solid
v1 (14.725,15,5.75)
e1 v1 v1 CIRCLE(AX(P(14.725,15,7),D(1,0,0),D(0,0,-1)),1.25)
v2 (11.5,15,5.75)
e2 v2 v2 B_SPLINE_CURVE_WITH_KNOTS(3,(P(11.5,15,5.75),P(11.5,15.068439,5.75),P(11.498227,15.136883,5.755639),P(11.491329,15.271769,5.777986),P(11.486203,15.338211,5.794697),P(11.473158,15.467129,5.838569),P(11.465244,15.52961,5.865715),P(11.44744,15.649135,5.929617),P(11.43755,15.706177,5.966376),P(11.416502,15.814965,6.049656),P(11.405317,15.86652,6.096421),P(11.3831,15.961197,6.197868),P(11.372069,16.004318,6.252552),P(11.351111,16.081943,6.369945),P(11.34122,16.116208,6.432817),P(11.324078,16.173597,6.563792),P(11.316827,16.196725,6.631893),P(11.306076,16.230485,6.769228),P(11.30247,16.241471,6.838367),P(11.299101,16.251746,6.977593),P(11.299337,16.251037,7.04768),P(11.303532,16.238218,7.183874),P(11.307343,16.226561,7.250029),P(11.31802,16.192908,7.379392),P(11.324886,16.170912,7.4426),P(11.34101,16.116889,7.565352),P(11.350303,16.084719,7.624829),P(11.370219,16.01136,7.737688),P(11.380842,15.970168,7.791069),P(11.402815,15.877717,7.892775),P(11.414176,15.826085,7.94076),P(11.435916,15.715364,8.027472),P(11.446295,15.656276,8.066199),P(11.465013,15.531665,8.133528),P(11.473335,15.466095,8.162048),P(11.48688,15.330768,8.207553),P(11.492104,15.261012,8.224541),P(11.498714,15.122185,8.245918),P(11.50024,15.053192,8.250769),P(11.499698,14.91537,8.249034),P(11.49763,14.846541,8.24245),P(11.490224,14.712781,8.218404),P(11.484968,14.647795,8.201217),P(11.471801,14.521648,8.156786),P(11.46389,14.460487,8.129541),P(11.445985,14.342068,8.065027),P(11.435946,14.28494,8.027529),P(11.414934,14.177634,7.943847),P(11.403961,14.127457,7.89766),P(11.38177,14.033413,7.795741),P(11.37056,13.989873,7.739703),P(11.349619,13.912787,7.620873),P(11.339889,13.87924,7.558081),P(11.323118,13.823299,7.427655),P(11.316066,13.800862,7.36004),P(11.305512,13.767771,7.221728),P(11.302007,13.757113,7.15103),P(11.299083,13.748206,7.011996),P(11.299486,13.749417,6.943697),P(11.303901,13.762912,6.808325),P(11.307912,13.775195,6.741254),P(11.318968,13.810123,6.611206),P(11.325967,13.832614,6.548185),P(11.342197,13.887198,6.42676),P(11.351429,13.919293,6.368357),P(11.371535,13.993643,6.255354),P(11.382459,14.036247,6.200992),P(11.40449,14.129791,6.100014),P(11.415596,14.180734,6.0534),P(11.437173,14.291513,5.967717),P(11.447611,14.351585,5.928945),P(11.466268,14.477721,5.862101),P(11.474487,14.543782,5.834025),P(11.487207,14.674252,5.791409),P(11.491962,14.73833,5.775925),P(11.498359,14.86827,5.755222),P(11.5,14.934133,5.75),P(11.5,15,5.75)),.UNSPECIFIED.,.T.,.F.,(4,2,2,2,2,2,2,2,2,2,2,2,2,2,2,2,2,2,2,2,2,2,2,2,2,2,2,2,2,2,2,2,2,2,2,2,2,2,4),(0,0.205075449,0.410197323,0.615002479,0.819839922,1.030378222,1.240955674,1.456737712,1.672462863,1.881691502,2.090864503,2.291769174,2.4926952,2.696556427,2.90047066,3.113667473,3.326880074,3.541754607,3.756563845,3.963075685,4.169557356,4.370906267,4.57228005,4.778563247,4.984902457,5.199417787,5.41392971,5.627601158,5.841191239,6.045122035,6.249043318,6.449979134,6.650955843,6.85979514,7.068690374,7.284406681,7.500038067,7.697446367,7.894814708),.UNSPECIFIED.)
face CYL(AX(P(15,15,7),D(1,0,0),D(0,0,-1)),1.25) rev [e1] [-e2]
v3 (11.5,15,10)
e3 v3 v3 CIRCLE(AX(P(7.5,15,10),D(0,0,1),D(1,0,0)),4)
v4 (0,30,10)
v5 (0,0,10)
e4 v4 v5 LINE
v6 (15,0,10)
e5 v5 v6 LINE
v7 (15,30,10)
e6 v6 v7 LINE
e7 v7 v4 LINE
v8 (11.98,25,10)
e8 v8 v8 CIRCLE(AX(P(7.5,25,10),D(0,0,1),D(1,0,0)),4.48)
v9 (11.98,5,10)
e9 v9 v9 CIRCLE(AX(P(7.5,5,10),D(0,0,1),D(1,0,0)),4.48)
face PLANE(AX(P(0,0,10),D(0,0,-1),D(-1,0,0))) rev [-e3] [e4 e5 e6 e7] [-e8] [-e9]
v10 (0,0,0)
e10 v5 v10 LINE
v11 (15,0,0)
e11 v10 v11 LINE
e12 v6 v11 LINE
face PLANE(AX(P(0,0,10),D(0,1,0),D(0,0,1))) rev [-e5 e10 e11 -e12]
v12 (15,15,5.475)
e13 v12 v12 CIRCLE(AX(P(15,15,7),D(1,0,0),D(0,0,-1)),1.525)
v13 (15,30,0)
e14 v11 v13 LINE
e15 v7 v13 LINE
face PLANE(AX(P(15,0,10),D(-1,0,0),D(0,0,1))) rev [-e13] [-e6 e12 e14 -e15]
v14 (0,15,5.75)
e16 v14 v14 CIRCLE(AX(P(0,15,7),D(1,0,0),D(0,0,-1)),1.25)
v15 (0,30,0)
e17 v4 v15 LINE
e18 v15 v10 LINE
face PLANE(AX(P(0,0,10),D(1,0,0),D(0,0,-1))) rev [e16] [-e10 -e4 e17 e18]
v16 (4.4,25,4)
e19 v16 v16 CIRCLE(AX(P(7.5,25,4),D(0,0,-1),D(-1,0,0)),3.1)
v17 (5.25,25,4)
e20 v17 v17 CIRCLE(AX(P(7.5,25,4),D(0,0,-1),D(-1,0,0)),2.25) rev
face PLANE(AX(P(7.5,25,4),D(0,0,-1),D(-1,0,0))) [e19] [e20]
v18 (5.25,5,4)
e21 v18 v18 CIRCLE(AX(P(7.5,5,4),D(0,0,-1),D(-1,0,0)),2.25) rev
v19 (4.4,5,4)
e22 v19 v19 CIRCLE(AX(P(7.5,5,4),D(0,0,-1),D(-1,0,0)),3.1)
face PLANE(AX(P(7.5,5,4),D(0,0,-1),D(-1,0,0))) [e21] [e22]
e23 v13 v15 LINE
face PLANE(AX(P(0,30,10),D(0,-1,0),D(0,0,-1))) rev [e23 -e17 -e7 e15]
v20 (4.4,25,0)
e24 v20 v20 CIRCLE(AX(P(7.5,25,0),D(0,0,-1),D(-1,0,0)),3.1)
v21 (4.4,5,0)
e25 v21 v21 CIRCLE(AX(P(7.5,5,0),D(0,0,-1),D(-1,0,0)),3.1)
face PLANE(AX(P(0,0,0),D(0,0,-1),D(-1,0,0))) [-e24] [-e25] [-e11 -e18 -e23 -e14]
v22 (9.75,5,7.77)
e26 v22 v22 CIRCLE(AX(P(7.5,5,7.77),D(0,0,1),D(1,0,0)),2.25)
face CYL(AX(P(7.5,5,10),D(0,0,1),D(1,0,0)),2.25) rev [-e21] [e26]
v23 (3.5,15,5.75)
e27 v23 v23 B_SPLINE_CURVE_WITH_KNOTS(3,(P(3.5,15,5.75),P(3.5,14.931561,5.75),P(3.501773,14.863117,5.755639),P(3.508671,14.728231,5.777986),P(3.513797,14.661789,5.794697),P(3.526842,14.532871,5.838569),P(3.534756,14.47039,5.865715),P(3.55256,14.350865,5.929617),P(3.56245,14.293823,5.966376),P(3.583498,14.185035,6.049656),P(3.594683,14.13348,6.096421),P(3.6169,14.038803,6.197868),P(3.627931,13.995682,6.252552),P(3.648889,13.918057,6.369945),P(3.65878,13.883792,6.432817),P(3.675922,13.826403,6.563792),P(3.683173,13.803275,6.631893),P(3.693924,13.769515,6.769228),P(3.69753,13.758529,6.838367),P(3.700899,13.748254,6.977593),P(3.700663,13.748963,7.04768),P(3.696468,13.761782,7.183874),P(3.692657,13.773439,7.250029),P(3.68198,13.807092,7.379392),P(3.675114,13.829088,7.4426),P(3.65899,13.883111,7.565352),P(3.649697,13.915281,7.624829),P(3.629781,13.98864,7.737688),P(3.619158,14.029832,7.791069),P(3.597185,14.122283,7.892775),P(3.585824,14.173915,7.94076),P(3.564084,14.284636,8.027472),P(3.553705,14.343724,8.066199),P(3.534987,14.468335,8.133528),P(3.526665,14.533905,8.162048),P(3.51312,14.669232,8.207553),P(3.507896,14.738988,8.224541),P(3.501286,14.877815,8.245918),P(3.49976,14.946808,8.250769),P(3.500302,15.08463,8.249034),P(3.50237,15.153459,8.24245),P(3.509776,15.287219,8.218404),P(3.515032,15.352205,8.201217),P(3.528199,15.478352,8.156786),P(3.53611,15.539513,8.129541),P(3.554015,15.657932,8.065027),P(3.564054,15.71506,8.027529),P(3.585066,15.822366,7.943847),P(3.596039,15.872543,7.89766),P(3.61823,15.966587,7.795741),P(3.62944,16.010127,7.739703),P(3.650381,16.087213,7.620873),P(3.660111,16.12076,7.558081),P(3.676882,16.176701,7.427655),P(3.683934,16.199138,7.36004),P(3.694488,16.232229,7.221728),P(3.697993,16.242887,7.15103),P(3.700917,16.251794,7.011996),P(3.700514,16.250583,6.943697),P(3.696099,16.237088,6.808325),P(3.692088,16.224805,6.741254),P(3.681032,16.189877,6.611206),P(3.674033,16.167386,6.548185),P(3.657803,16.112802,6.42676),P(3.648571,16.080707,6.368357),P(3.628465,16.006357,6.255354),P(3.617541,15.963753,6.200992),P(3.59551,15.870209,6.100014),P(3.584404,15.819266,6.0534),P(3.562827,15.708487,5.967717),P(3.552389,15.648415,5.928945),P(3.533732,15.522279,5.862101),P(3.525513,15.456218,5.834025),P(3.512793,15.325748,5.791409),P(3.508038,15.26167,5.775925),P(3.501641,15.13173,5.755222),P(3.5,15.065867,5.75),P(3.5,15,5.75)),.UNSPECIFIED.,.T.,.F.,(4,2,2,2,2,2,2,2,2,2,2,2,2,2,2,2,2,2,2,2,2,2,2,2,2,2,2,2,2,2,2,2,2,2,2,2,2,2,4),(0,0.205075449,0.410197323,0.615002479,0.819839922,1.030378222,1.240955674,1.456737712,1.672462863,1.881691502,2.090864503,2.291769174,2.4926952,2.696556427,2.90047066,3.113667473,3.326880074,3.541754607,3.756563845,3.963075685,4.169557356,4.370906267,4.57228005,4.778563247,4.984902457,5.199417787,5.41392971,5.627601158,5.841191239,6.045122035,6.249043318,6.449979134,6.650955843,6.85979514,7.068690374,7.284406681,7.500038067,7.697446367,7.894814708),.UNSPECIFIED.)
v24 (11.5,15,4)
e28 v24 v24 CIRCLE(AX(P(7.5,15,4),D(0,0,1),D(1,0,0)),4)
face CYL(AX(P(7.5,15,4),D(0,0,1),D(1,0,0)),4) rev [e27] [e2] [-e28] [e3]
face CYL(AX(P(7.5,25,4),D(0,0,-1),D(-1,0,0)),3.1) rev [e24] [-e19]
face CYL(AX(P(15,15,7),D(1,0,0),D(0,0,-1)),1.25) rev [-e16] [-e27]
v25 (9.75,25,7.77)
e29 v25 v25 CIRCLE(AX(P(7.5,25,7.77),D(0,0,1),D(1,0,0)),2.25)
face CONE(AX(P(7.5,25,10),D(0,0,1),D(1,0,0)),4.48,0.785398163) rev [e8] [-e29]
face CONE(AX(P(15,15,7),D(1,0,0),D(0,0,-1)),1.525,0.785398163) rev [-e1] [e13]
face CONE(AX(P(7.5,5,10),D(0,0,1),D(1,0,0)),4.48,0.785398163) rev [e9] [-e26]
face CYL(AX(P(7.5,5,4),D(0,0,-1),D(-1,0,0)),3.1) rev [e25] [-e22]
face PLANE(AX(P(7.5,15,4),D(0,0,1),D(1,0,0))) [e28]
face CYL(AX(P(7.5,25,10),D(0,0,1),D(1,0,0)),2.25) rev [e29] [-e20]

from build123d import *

# Parameters (mm, degrees)
SKIZZE1_W                             = 15
SKIZZE1_H                             = 30
AUFSATZ_LINEAR_AUSTRAGEN1_DEPTH       = 10
FORMSENKUNG_F_R_M4_SFHCS1_D           = 4.5
FORMSENKUNG_F_R_M4_SFHCS1_CSINK_D     = 8.96
FORMSENKUNG_F_R_M4_SFHCS1_CSINK_ANGLE = 90
SKIZZE4_R                             = 3.1
SCHNITT_LINEAR_AUSTRAGEN1_DEPTH       = 4
SKIZZE7_R                             = 4
SCHNITT_LINEAR_AUSTRAGEN2_DEPTH       = 6
M3X0_5_GEWINDEBOHRUNG1_D              = 2.5
M3X0_5_GEWINDEBOHRUNG1_CSINK_D        = 3.05
M3X0_5_GEWINDEBOHRUNG1_CSINK_ANGLE    = 90


with BuildPart() as part:
    # Skizze1 → Aufsatz-Linear austragen1 (new body)
    with BuildSketch(Plane.XY):
        with Locations((7.5, 15)):
            Rectangle(SKIZZE1_W, SKIZZE1_H)
    extrude(amount=AUFSATZ_LINEAR_AUSTRAGEN1_DEPTH)

    # Formsenkung für M4 SFHCS1 (through all)
    with Locations(Plane.XY.offset(10)):
        with Locations((7.5, 25), (7.5, 5)):
            CounterSinkHole(FORMSENKUNG_F_R_M4_SFHCS1_D / 2, FORMSENKUNG_F_R_M4_SFHCS1_CSINK_D / 2, counter_sink_angle=FORMSENKUNG_F_R_M4_SFHCS1_CSINK_ANGLE)

    # Skizze4 → Schnitt-Linear austragen1 (cut)
    with BuildSketch(Plane(origin=(0, 0, 0), x_dir=(-1, 0, 0), z_dir=(0, 0, -1))):
        with Locations((-7.5, 25)):
            Circle(SKIZZE4_R)
        with Locations((-7.5, 5)):
            Circle(SKIZZE4_R)
    extrude(amount=-SCHNITT_LINEAR_AUSTRAGEN1_DEPTH, mode=Mode.SUBTRACT)

    # Skizze7 → Schnitt-Linear austragen2 (cut)
    with BuildSketch(Plane.XY.offset(10)):
        with Locations((7.5, 15)):
            Circle(SKIZZE7_R)
    extrude(amount=-SCHNITT_LINEAR_AUSTRAGEN2_DEPTH, mode=Mode.SUBTRACT)

    # M3x0.5 Gewindebohrung1 (through all)
    with Locations(Plane(origin=(15, 0, 0), x_dir=(0, 0, -1), z_dir=(1, 0, 0))):
        with Locations((-7, 15)):
            CounterSinkHole(M3X0_5_GEWINDEBOHRUNG1_D / 2, M3X0_5_GEWINDEBOHRUNG1_CSINK_D / 2, counter_sink_angle=M3X0_5_GEWINDEBOHRUNG1_CSINK_ANGLE)


solid = part.part
